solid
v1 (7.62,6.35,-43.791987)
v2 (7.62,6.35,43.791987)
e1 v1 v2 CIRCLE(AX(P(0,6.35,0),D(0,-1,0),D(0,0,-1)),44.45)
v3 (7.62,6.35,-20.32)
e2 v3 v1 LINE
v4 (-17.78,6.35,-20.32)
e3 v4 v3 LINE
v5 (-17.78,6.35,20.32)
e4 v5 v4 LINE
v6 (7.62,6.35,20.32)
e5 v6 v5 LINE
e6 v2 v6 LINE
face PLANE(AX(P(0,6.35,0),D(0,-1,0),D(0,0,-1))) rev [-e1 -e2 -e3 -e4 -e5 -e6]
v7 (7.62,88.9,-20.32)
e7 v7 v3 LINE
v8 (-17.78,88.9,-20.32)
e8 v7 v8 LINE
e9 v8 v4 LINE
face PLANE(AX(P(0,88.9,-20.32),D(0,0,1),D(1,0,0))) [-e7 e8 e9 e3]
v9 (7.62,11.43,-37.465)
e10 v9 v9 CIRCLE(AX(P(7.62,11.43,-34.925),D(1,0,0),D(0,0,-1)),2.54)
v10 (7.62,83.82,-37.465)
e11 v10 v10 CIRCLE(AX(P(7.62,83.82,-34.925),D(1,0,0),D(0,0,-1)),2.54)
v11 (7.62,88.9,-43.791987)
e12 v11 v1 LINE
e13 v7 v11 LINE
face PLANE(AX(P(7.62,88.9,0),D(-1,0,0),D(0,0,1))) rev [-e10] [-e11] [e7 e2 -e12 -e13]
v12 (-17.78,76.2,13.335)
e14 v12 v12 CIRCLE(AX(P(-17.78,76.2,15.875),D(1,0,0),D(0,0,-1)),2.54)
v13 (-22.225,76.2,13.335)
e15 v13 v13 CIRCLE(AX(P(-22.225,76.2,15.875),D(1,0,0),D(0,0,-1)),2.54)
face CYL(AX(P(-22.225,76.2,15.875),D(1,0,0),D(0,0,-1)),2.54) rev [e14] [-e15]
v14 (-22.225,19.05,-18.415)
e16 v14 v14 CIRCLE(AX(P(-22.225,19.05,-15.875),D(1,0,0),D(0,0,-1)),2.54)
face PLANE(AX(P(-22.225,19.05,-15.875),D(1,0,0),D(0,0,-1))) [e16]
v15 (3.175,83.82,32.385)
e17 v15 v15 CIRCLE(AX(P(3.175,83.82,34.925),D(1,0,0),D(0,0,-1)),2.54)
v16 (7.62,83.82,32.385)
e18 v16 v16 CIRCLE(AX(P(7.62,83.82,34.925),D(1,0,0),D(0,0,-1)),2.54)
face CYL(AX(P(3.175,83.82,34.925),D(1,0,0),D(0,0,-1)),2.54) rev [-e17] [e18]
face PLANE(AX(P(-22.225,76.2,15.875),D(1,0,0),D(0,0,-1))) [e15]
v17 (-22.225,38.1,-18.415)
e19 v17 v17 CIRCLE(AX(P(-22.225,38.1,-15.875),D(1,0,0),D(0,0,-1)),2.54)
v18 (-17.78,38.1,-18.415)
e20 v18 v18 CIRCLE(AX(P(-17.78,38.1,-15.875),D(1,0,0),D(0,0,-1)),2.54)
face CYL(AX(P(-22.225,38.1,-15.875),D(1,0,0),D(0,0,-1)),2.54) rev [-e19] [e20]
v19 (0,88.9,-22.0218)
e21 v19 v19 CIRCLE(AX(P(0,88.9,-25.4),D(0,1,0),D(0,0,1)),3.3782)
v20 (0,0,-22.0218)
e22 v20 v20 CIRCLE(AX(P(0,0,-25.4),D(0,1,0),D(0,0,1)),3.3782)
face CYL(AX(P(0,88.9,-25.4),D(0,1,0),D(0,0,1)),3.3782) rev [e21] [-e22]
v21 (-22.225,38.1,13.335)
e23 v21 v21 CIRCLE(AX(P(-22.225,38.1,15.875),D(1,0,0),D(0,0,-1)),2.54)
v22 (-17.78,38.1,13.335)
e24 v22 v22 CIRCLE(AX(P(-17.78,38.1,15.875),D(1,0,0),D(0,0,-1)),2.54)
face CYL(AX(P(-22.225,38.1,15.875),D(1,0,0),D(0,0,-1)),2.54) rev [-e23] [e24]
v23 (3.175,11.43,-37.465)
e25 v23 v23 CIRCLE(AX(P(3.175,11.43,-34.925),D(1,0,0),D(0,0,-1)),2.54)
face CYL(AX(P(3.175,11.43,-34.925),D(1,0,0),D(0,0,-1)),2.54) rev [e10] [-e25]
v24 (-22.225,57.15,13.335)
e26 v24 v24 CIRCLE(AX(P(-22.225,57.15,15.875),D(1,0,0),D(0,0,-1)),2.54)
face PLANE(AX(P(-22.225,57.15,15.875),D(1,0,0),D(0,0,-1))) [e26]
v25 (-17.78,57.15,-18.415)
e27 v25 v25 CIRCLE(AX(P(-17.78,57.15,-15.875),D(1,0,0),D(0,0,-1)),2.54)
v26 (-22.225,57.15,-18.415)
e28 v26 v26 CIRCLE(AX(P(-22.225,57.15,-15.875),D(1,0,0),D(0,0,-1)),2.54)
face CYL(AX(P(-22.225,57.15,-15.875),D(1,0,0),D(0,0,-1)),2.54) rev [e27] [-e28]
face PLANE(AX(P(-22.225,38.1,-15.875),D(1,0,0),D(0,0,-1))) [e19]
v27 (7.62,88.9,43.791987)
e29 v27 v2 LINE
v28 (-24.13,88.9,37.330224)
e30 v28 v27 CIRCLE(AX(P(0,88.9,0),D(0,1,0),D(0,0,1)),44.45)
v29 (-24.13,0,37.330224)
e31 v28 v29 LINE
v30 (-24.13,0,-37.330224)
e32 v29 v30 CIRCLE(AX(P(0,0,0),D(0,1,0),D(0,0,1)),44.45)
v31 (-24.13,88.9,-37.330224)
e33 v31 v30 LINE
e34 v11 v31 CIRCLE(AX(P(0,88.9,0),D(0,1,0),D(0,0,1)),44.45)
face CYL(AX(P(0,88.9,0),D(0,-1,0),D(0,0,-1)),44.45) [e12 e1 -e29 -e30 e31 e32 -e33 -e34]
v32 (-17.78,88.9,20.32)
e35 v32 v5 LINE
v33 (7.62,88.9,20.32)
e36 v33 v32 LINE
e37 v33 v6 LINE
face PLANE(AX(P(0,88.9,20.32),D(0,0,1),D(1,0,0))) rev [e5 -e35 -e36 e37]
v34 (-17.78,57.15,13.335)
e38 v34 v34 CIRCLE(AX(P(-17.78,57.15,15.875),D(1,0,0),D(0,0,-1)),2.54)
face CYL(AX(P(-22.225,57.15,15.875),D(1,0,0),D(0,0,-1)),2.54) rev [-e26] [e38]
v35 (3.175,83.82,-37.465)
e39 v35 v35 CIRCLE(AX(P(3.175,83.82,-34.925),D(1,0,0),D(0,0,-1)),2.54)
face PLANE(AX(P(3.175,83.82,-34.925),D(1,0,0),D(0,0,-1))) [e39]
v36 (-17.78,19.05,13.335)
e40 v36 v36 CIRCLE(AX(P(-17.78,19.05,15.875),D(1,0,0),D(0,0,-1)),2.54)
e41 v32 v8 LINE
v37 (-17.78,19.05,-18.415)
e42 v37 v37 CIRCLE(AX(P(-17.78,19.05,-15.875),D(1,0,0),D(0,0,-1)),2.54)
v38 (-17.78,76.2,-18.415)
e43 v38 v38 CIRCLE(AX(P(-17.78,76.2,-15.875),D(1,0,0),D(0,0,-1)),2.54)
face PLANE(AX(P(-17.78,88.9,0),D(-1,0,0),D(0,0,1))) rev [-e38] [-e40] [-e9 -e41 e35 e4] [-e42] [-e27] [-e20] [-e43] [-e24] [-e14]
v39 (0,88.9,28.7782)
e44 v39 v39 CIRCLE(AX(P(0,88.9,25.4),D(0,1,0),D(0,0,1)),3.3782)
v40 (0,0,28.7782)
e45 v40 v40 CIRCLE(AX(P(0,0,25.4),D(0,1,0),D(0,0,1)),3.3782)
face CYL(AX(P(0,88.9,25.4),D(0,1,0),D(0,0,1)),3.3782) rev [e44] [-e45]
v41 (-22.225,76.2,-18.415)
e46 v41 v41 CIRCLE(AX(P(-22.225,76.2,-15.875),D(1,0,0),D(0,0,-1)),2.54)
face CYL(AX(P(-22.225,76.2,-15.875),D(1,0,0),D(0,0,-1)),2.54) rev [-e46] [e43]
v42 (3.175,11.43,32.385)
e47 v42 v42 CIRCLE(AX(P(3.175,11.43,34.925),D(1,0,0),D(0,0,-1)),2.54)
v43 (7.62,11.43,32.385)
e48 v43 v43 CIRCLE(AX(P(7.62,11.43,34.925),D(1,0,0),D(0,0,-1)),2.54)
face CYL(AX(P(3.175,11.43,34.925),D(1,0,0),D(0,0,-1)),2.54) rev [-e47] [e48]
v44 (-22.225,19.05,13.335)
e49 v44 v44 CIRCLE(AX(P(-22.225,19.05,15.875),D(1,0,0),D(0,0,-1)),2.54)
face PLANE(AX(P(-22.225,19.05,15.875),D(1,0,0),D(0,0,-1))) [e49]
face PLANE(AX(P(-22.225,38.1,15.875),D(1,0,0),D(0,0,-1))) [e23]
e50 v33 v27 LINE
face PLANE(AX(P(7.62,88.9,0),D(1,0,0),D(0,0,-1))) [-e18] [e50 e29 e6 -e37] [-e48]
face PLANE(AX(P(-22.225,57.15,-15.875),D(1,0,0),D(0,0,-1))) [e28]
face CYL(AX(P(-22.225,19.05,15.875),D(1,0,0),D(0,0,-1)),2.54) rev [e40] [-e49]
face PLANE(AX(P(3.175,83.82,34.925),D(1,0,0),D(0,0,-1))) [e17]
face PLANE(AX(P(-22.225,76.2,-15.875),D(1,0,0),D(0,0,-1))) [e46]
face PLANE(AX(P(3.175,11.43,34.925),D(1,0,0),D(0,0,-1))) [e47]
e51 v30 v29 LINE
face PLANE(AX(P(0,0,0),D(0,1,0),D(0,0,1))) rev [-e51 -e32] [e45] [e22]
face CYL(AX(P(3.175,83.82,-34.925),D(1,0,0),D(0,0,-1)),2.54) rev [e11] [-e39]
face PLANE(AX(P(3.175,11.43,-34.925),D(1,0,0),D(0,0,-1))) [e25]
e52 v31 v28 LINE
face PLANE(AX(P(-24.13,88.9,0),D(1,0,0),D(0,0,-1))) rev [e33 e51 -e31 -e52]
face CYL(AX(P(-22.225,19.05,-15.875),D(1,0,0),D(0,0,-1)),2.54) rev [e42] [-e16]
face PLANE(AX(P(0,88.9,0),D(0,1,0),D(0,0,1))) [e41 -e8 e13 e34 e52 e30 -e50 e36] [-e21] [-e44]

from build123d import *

# Parameters (mm, degrees)
BOSS_EXTRUDE1_DEPTH     = 88.9
SKETCH2_R               = 2.54
CUT_EXTRUDE1_DEPTH      = 4.445
F_1_4_CLEARANCE_HOLE1_D = 6.7564
BOSS_EXTRUDE3_DEPTH     = 6.35
SKETCH8_R               = 2.54
CUT_EXTRUDE2_DEPTH      = 4.445


with BuildPart() as part:
    # Sketch1 → Boss-Extrude1 (new body)
    with BuildSketch(Plane(origin=(0, 0, 0), x_dir=(1, 0, 0), z_dir=(0, 1, 0))):
        with BuildLine():
            Line((-17.78, 20.32), (7.62, 20.32))
            Line((7.62, 20.32), (7.62, 43.79198671))
            ThreePointArc((7.62, 43.79198671), (-8.864740287, 43.557076114), (-24.13, 37.33022368))
            Line((-24.13, 37.33022368), (-24.13, -37.33022368))
            ThreePointArc((-24.13, -37.33022368), (-8.864740287, -43.557076114), (7.62, -43.79198671))
            Line((7.62, -43.79198671), (7.62, -20.32))
            Line((7.62, -20.32), (-17.78, -20.32))
            Line((-17.78, -20.32), (-17.78, 20.32))
        make_face()
    extrude(amount=BOSS_EXTRUDE1_DEPTH)

    # Sketch2 → Cut-Extrude1 (cut)
    with BuildSketch(Plane(origin=(-17.78, 0, 0), x_dir=(0, 0, -1), z_dir=(1, 0, 0))):
        with Locations((-15.875, 76.2)):
            Circle(SKETCH2_R)
        with Locations((15.875, 76.2)):
            Circle(SKETCH2_R)
        with Locations((-15.875, 57.15)):
            Circle(SKETCH2_R)
        with Locations((15.875, 57.15)):
            Circle(SKETCH2_R)
        with Locations((-15.875, 38.1)):
            Circle(SKETCH2_R)
        with Locations((15.875, 38.1)):
            Circle(SKETCH2_R)
        with Locations((-15.875, 19.05)):
            Circle(SKETCH2_R)
        with Locations((15.875, 19.05)):
            Circle(SKETCH2_R)
    extrude(amount=-CUT_EXTRUDE1_DEPTH, mode=Mode.SUBTRACT)

    # 1/4 Clearance Hole1 (through all)
    with Locations(Plane(origin=(0, 88.9, 0), x_dir=(1, 0, 0), z_dir=(0, 1, 0))):
        with Locations((0, -25.4), (0, 25.4)):
            Hole(F_1_4_CLEARANCE_HOLE1_D / 2)

    # Sketch7 → Boss-Extrude3 (add)
    with BuildSketch(Plane.XZ):
        with BuildLine():
            Line((7.62, -20.32), (7.62, -43.79198671))
            ThreePointArc((7.62, -43.79198671), (44.45, 0), (7.62, 43.79198671))
            Line((7.62, 43.79198671), (7.62, 20.32))
            Line((7.62, 20.32), (-17.78, 20.32))
            Line((-17.78, 20.32), (-17.78, -20.32))
            Line((-17.78, -20.32), (7.62, -20.32))
        make_face()
    extrude(amount=-BOSS_EXTRUDE3_DEPTH)

    # Sketch8 → Cut-Extrude2 (cut)
    with BuildSketch(Plane(origin=(7.62, 0, 0), x_dir=(0, 0, -1), z_dir=(1, 0, 0))):
        with Locations((-34.925, 83.82)):
            Circle(SKETCH8_R)
        with Locations((34.925, 83.82)):
            Circle(SKETCH8_R)
        with Locations((-34.925, 11.43)):
            Circle(SKETCH8_R)
        with Locations((34.925, 11.43)):
            Circle(SKETCH8_R)
    extrude(amount=-CUT_EXTRUDE2_DEPTH, mode=Mode.SUBTRACT)


solid = part.part
